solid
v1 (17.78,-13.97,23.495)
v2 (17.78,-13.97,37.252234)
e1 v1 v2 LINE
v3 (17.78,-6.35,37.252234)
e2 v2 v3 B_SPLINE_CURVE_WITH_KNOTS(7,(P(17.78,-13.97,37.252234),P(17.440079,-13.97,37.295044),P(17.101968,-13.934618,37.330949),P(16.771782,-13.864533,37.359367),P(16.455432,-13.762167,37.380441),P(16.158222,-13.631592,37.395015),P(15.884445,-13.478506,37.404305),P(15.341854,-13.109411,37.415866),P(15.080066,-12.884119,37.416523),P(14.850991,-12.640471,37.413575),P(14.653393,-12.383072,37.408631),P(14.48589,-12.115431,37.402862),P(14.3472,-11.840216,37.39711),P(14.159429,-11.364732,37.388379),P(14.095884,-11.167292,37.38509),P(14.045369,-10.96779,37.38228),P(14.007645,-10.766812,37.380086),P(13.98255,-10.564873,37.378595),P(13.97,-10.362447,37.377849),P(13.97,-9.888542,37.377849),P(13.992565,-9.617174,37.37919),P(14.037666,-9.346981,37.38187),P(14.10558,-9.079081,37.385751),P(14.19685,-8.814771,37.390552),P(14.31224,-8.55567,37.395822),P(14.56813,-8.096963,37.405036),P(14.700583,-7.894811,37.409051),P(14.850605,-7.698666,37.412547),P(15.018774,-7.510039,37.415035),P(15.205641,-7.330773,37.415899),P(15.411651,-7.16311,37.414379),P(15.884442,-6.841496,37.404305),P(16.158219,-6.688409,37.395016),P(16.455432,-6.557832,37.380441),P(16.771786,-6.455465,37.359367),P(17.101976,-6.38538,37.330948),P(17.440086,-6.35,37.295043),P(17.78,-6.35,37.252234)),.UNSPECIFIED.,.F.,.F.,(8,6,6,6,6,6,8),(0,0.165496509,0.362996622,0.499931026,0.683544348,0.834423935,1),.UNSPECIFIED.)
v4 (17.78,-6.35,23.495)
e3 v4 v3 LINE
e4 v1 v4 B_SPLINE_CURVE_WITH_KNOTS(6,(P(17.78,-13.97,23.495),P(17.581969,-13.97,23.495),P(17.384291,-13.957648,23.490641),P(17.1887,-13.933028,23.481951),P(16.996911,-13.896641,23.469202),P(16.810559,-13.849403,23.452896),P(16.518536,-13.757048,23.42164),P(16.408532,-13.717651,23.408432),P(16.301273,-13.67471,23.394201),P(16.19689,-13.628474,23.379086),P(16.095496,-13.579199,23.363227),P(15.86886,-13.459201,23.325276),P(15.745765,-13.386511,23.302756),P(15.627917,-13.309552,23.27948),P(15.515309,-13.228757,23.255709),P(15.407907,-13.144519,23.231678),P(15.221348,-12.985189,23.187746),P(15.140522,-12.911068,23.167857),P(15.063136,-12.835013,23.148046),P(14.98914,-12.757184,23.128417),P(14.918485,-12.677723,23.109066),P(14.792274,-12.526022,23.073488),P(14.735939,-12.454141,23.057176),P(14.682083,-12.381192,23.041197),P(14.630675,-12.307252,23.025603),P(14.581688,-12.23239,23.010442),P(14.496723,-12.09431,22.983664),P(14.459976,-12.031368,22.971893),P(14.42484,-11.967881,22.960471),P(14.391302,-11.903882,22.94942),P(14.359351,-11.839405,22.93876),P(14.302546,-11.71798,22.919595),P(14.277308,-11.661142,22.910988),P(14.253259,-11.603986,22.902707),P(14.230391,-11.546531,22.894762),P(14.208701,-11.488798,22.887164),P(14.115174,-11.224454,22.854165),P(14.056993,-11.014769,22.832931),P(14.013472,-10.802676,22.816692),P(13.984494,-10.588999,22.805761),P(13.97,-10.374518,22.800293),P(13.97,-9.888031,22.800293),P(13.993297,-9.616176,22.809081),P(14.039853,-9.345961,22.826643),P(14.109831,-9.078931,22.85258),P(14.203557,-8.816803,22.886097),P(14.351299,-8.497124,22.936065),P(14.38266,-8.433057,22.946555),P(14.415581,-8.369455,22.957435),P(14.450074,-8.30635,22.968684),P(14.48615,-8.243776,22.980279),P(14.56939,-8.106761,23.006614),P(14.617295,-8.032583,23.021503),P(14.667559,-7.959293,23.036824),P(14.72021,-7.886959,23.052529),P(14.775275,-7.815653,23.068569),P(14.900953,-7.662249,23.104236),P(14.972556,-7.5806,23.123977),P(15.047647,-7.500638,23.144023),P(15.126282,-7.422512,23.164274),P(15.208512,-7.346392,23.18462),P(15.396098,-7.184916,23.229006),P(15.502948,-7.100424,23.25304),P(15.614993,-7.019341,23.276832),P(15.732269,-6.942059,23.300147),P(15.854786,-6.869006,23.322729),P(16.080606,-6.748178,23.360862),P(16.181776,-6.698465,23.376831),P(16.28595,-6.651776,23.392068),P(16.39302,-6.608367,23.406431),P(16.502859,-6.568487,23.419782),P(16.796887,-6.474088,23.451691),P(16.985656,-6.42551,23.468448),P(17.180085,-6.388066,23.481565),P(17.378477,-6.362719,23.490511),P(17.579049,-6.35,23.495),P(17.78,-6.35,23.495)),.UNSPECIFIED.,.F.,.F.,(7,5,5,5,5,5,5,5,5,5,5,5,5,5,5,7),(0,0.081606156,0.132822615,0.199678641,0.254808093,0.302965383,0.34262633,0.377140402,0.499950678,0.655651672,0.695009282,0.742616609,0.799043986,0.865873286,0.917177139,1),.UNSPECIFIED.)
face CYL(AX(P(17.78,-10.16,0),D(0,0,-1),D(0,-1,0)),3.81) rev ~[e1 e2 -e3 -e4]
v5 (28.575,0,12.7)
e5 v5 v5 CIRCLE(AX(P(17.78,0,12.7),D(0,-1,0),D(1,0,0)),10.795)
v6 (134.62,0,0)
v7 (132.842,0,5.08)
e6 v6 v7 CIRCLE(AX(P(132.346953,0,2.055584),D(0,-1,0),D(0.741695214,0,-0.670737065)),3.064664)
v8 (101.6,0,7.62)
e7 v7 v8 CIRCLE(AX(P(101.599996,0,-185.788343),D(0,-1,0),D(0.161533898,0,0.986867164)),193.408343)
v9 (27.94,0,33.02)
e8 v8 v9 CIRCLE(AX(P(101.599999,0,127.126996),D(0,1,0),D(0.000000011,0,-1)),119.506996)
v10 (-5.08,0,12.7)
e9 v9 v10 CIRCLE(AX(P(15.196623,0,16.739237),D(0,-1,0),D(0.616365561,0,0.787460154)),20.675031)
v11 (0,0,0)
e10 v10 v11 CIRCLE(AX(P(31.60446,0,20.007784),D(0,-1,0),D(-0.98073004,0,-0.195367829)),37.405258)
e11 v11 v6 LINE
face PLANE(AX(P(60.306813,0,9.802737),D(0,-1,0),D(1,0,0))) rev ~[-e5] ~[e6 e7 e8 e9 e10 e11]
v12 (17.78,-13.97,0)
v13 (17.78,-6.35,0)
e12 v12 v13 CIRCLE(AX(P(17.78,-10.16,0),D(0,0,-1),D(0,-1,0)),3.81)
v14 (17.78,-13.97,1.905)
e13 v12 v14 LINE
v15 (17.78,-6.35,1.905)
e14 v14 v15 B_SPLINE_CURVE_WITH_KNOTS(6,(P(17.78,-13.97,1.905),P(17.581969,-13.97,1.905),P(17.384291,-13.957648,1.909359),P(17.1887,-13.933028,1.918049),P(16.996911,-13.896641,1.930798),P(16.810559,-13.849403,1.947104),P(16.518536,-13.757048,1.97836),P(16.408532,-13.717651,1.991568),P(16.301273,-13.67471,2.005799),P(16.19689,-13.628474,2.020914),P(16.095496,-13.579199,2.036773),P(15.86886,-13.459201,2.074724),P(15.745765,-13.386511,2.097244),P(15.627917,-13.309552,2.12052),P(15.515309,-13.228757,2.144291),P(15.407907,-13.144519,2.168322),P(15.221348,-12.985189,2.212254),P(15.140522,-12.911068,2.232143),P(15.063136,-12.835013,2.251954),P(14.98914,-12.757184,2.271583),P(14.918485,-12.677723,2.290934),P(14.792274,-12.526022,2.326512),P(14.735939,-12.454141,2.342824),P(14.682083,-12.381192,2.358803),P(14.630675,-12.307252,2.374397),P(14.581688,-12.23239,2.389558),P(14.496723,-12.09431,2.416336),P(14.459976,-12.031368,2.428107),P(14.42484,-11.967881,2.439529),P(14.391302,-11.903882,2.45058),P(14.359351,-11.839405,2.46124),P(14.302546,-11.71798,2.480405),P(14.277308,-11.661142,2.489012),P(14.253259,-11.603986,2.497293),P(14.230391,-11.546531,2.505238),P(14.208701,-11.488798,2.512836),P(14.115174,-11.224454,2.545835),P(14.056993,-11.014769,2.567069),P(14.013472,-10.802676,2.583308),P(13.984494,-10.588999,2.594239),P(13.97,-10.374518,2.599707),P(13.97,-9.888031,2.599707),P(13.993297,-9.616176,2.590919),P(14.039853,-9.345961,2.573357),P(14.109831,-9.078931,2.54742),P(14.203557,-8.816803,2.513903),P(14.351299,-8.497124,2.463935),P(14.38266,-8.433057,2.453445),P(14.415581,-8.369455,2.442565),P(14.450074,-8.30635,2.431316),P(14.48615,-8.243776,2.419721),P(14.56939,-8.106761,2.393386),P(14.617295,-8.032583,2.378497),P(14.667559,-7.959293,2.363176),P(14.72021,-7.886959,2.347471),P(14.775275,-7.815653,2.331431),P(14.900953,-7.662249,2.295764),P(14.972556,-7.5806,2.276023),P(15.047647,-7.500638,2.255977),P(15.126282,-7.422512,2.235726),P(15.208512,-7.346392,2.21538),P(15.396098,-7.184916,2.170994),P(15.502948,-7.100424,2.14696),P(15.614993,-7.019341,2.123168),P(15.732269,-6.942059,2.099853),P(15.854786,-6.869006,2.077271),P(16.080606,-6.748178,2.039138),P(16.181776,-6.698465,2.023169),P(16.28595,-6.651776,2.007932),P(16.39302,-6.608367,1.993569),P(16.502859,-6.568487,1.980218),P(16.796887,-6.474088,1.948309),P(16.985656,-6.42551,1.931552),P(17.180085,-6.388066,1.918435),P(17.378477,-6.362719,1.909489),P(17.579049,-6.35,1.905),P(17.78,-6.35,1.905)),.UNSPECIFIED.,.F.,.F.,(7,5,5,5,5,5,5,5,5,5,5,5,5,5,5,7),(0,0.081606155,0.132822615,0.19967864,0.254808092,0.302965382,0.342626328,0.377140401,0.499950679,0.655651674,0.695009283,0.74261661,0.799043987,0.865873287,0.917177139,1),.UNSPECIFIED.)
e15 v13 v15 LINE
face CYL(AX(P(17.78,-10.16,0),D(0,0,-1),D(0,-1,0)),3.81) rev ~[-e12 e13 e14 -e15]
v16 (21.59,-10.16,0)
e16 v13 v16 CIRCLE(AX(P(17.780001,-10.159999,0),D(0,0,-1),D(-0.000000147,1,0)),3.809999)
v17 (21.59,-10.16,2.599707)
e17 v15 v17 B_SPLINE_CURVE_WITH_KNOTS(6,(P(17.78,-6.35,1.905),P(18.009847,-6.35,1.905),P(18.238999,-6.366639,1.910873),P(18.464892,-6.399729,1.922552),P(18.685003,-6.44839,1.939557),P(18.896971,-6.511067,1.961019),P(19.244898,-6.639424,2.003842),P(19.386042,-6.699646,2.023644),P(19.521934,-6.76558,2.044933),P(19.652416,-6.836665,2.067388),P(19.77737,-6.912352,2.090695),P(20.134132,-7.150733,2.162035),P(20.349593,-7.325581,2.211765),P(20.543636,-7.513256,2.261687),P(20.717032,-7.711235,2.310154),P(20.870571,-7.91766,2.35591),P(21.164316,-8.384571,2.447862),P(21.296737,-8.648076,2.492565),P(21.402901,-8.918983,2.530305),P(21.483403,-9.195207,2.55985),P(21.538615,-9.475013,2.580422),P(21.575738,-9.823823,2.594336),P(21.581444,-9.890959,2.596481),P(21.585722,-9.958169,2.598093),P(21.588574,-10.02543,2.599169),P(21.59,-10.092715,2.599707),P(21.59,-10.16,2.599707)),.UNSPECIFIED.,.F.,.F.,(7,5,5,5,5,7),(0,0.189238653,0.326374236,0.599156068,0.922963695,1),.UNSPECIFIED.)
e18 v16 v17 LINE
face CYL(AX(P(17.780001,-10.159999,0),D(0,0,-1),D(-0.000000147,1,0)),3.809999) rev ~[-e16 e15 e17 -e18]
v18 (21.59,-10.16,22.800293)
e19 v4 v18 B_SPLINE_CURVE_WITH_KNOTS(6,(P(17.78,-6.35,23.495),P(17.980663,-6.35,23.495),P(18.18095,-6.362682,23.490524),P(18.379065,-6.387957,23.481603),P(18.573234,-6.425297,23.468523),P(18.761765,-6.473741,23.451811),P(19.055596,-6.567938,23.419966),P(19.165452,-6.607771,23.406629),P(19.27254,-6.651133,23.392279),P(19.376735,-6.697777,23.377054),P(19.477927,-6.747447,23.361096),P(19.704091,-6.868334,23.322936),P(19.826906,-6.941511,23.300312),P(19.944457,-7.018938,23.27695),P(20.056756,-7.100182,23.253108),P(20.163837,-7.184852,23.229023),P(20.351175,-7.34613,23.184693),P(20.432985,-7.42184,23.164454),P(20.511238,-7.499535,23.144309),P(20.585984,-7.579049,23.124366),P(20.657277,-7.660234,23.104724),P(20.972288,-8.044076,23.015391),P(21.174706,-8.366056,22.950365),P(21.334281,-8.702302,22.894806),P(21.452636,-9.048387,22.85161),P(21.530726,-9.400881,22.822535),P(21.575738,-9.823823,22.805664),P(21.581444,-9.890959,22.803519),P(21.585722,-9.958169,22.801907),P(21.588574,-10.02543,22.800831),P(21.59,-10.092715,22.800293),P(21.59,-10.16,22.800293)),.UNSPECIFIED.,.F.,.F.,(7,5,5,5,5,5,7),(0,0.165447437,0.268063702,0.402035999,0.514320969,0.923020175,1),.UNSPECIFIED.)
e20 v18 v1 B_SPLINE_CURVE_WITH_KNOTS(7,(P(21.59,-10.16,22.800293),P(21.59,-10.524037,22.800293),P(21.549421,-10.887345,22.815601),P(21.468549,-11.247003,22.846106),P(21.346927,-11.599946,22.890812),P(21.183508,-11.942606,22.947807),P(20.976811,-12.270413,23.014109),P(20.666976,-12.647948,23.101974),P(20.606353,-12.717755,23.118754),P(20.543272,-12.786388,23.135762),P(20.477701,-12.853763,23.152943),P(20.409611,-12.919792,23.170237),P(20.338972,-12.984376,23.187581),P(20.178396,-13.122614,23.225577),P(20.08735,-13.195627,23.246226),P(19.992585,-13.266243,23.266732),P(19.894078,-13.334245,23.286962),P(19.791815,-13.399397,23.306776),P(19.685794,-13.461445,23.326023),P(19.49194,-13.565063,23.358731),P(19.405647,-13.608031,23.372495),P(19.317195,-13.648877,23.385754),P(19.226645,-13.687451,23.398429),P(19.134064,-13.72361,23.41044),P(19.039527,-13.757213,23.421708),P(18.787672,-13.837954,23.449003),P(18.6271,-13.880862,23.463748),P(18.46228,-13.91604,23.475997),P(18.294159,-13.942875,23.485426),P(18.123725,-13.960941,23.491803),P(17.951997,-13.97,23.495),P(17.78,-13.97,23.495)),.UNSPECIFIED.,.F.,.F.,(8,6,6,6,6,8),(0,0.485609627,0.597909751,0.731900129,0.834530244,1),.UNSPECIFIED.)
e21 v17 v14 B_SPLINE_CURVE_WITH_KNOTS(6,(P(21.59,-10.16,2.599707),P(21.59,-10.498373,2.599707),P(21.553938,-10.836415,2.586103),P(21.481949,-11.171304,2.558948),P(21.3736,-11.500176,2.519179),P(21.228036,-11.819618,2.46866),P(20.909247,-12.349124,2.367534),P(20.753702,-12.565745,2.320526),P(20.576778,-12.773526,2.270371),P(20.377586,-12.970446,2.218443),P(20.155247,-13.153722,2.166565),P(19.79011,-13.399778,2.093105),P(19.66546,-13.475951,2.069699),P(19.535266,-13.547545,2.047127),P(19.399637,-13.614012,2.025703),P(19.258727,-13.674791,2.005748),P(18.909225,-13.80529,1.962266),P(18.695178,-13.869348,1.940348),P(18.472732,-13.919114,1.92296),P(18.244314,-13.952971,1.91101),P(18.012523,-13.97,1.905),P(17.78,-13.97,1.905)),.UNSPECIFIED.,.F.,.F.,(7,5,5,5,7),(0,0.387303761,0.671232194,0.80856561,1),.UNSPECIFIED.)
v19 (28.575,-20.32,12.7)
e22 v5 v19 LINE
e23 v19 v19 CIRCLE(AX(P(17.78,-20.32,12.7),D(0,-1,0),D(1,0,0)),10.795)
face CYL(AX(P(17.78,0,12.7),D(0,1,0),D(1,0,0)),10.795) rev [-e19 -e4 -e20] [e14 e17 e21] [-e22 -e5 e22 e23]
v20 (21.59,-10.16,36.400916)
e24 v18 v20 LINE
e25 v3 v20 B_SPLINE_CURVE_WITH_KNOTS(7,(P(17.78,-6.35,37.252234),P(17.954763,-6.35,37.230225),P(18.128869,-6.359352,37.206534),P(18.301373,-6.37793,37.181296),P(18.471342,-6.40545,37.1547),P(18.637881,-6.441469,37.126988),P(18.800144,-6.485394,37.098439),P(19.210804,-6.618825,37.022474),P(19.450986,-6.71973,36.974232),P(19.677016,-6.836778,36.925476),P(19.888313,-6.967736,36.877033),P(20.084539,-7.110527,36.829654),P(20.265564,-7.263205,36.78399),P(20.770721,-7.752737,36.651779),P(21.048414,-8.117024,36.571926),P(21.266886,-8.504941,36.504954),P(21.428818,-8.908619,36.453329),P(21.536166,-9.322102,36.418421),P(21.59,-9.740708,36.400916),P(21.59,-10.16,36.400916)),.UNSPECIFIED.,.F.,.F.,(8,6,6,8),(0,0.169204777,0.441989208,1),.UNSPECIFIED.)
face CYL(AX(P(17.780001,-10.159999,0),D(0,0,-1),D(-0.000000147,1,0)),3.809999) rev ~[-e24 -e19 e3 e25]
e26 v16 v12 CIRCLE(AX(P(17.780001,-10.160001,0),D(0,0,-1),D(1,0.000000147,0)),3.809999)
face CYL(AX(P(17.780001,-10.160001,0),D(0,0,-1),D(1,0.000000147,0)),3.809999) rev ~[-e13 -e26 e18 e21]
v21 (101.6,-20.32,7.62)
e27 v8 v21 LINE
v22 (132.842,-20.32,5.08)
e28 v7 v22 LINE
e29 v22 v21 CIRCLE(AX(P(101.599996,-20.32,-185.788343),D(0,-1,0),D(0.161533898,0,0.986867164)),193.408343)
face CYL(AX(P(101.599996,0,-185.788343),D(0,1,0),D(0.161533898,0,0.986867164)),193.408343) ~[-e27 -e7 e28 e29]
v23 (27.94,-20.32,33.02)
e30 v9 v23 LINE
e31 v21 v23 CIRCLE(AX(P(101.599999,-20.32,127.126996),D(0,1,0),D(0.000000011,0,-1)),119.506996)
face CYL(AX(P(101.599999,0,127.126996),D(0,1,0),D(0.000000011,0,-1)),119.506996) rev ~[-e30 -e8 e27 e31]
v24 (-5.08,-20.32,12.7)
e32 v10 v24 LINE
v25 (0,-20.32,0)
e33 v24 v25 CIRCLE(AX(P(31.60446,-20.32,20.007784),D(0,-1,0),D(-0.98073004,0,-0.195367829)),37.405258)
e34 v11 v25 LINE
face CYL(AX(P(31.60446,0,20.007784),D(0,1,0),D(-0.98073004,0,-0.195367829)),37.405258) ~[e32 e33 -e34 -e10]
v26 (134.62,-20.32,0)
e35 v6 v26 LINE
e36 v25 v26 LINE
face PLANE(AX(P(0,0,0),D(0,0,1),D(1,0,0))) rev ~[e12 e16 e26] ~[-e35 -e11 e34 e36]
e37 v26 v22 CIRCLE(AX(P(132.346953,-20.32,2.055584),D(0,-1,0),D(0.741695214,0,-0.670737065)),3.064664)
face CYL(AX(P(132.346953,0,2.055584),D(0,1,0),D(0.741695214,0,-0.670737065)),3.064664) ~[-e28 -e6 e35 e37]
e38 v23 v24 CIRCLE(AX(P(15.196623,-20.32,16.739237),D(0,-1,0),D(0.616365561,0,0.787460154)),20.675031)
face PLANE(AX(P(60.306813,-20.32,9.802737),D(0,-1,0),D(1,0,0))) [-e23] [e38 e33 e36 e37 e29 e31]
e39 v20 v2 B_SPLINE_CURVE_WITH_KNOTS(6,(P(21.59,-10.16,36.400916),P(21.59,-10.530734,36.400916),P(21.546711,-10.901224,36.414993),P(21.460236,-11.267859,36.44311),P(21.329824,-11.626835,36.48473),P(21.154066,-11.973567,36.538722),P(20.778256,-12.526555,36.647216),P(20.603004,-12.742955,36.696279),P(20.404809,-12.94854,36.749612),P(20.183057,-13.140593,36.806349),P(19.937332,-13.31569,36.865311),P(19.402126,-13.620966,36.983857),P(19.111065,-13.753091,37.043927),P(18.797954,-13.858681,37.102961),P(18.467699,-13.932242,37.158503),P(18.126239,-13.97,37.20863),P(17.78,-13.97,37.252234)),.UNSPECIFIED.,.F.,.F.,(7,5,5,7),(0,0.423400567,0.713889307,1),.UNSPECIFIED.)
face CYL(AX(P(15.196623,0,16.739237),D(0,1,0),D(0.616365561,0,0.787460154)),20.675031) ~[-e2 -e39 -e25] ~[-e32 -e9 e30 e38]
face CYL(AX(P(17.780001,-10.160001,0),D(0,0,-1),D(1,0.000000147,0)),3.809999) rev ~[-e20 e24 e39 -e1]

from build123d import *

# Parameters (mm, degrees)
F0_R     = 10.795
F1_DEPTH = 20.32
F3_DEPTH = 37.415268


with BuildPart() as f1:
    # F0 (on Front) → F1 (new body)
    with BuildSketch(Plane.XZ):
        with BuildLine():
            ThreePointArc((-5.08, 12.7), (-3.12545, 6.11582), (0, 0))
            Line((0, 0), (134.62, 0))
            ThreePointArc((134.62, 0), (135.239562, 3.067997), (132.842, 5.08))
            ThreePointArc((132.842, 5.08), (117.272541, 6.983954), (101.6, 7.62))
            ThreePointArc((101.6, 7.62), (62.641831, 14.148311), (27.94, 33.02))
            ThreePointArc((27.94, 33.02), (4.360893, 34.347299), (-5.08, 12.7))
        make_face()
        with Locations((17.78, 12.7)):
            Circle(F0_R, mode=Mode.SUBTRACT)
    extrude(amount=F1_DEPTH)

    # F2 (on face) → F3 (cut, through all)
    with BuildSketch(Plane(origin=(0, 0, 0), x_dir=(1, 0, 0), z_dir=(0, 0, -1))):
        with BuildLine():
            ThreePointArc((17.78, 6.35), (20.474077, 7.465923), (21.59, 10.16))
            ThreePointArc((21.59, 10.16), (20.474077, 12.854077), (17.78, 13.97))
            Line((17.78, 13.97), (17.78, 6.35))
        make_face()
        with BuildLine():
            Line((17.78, 6.35), (17.78, 13.97))
            ThreePointArc((17.78, 13.97), (13.97, 10.16), (17.78, 6.35))
        make_face()
    extrude(amount=-F3_DEPTH, mode=Mode.SUBTRACT)


solid = f1.part
